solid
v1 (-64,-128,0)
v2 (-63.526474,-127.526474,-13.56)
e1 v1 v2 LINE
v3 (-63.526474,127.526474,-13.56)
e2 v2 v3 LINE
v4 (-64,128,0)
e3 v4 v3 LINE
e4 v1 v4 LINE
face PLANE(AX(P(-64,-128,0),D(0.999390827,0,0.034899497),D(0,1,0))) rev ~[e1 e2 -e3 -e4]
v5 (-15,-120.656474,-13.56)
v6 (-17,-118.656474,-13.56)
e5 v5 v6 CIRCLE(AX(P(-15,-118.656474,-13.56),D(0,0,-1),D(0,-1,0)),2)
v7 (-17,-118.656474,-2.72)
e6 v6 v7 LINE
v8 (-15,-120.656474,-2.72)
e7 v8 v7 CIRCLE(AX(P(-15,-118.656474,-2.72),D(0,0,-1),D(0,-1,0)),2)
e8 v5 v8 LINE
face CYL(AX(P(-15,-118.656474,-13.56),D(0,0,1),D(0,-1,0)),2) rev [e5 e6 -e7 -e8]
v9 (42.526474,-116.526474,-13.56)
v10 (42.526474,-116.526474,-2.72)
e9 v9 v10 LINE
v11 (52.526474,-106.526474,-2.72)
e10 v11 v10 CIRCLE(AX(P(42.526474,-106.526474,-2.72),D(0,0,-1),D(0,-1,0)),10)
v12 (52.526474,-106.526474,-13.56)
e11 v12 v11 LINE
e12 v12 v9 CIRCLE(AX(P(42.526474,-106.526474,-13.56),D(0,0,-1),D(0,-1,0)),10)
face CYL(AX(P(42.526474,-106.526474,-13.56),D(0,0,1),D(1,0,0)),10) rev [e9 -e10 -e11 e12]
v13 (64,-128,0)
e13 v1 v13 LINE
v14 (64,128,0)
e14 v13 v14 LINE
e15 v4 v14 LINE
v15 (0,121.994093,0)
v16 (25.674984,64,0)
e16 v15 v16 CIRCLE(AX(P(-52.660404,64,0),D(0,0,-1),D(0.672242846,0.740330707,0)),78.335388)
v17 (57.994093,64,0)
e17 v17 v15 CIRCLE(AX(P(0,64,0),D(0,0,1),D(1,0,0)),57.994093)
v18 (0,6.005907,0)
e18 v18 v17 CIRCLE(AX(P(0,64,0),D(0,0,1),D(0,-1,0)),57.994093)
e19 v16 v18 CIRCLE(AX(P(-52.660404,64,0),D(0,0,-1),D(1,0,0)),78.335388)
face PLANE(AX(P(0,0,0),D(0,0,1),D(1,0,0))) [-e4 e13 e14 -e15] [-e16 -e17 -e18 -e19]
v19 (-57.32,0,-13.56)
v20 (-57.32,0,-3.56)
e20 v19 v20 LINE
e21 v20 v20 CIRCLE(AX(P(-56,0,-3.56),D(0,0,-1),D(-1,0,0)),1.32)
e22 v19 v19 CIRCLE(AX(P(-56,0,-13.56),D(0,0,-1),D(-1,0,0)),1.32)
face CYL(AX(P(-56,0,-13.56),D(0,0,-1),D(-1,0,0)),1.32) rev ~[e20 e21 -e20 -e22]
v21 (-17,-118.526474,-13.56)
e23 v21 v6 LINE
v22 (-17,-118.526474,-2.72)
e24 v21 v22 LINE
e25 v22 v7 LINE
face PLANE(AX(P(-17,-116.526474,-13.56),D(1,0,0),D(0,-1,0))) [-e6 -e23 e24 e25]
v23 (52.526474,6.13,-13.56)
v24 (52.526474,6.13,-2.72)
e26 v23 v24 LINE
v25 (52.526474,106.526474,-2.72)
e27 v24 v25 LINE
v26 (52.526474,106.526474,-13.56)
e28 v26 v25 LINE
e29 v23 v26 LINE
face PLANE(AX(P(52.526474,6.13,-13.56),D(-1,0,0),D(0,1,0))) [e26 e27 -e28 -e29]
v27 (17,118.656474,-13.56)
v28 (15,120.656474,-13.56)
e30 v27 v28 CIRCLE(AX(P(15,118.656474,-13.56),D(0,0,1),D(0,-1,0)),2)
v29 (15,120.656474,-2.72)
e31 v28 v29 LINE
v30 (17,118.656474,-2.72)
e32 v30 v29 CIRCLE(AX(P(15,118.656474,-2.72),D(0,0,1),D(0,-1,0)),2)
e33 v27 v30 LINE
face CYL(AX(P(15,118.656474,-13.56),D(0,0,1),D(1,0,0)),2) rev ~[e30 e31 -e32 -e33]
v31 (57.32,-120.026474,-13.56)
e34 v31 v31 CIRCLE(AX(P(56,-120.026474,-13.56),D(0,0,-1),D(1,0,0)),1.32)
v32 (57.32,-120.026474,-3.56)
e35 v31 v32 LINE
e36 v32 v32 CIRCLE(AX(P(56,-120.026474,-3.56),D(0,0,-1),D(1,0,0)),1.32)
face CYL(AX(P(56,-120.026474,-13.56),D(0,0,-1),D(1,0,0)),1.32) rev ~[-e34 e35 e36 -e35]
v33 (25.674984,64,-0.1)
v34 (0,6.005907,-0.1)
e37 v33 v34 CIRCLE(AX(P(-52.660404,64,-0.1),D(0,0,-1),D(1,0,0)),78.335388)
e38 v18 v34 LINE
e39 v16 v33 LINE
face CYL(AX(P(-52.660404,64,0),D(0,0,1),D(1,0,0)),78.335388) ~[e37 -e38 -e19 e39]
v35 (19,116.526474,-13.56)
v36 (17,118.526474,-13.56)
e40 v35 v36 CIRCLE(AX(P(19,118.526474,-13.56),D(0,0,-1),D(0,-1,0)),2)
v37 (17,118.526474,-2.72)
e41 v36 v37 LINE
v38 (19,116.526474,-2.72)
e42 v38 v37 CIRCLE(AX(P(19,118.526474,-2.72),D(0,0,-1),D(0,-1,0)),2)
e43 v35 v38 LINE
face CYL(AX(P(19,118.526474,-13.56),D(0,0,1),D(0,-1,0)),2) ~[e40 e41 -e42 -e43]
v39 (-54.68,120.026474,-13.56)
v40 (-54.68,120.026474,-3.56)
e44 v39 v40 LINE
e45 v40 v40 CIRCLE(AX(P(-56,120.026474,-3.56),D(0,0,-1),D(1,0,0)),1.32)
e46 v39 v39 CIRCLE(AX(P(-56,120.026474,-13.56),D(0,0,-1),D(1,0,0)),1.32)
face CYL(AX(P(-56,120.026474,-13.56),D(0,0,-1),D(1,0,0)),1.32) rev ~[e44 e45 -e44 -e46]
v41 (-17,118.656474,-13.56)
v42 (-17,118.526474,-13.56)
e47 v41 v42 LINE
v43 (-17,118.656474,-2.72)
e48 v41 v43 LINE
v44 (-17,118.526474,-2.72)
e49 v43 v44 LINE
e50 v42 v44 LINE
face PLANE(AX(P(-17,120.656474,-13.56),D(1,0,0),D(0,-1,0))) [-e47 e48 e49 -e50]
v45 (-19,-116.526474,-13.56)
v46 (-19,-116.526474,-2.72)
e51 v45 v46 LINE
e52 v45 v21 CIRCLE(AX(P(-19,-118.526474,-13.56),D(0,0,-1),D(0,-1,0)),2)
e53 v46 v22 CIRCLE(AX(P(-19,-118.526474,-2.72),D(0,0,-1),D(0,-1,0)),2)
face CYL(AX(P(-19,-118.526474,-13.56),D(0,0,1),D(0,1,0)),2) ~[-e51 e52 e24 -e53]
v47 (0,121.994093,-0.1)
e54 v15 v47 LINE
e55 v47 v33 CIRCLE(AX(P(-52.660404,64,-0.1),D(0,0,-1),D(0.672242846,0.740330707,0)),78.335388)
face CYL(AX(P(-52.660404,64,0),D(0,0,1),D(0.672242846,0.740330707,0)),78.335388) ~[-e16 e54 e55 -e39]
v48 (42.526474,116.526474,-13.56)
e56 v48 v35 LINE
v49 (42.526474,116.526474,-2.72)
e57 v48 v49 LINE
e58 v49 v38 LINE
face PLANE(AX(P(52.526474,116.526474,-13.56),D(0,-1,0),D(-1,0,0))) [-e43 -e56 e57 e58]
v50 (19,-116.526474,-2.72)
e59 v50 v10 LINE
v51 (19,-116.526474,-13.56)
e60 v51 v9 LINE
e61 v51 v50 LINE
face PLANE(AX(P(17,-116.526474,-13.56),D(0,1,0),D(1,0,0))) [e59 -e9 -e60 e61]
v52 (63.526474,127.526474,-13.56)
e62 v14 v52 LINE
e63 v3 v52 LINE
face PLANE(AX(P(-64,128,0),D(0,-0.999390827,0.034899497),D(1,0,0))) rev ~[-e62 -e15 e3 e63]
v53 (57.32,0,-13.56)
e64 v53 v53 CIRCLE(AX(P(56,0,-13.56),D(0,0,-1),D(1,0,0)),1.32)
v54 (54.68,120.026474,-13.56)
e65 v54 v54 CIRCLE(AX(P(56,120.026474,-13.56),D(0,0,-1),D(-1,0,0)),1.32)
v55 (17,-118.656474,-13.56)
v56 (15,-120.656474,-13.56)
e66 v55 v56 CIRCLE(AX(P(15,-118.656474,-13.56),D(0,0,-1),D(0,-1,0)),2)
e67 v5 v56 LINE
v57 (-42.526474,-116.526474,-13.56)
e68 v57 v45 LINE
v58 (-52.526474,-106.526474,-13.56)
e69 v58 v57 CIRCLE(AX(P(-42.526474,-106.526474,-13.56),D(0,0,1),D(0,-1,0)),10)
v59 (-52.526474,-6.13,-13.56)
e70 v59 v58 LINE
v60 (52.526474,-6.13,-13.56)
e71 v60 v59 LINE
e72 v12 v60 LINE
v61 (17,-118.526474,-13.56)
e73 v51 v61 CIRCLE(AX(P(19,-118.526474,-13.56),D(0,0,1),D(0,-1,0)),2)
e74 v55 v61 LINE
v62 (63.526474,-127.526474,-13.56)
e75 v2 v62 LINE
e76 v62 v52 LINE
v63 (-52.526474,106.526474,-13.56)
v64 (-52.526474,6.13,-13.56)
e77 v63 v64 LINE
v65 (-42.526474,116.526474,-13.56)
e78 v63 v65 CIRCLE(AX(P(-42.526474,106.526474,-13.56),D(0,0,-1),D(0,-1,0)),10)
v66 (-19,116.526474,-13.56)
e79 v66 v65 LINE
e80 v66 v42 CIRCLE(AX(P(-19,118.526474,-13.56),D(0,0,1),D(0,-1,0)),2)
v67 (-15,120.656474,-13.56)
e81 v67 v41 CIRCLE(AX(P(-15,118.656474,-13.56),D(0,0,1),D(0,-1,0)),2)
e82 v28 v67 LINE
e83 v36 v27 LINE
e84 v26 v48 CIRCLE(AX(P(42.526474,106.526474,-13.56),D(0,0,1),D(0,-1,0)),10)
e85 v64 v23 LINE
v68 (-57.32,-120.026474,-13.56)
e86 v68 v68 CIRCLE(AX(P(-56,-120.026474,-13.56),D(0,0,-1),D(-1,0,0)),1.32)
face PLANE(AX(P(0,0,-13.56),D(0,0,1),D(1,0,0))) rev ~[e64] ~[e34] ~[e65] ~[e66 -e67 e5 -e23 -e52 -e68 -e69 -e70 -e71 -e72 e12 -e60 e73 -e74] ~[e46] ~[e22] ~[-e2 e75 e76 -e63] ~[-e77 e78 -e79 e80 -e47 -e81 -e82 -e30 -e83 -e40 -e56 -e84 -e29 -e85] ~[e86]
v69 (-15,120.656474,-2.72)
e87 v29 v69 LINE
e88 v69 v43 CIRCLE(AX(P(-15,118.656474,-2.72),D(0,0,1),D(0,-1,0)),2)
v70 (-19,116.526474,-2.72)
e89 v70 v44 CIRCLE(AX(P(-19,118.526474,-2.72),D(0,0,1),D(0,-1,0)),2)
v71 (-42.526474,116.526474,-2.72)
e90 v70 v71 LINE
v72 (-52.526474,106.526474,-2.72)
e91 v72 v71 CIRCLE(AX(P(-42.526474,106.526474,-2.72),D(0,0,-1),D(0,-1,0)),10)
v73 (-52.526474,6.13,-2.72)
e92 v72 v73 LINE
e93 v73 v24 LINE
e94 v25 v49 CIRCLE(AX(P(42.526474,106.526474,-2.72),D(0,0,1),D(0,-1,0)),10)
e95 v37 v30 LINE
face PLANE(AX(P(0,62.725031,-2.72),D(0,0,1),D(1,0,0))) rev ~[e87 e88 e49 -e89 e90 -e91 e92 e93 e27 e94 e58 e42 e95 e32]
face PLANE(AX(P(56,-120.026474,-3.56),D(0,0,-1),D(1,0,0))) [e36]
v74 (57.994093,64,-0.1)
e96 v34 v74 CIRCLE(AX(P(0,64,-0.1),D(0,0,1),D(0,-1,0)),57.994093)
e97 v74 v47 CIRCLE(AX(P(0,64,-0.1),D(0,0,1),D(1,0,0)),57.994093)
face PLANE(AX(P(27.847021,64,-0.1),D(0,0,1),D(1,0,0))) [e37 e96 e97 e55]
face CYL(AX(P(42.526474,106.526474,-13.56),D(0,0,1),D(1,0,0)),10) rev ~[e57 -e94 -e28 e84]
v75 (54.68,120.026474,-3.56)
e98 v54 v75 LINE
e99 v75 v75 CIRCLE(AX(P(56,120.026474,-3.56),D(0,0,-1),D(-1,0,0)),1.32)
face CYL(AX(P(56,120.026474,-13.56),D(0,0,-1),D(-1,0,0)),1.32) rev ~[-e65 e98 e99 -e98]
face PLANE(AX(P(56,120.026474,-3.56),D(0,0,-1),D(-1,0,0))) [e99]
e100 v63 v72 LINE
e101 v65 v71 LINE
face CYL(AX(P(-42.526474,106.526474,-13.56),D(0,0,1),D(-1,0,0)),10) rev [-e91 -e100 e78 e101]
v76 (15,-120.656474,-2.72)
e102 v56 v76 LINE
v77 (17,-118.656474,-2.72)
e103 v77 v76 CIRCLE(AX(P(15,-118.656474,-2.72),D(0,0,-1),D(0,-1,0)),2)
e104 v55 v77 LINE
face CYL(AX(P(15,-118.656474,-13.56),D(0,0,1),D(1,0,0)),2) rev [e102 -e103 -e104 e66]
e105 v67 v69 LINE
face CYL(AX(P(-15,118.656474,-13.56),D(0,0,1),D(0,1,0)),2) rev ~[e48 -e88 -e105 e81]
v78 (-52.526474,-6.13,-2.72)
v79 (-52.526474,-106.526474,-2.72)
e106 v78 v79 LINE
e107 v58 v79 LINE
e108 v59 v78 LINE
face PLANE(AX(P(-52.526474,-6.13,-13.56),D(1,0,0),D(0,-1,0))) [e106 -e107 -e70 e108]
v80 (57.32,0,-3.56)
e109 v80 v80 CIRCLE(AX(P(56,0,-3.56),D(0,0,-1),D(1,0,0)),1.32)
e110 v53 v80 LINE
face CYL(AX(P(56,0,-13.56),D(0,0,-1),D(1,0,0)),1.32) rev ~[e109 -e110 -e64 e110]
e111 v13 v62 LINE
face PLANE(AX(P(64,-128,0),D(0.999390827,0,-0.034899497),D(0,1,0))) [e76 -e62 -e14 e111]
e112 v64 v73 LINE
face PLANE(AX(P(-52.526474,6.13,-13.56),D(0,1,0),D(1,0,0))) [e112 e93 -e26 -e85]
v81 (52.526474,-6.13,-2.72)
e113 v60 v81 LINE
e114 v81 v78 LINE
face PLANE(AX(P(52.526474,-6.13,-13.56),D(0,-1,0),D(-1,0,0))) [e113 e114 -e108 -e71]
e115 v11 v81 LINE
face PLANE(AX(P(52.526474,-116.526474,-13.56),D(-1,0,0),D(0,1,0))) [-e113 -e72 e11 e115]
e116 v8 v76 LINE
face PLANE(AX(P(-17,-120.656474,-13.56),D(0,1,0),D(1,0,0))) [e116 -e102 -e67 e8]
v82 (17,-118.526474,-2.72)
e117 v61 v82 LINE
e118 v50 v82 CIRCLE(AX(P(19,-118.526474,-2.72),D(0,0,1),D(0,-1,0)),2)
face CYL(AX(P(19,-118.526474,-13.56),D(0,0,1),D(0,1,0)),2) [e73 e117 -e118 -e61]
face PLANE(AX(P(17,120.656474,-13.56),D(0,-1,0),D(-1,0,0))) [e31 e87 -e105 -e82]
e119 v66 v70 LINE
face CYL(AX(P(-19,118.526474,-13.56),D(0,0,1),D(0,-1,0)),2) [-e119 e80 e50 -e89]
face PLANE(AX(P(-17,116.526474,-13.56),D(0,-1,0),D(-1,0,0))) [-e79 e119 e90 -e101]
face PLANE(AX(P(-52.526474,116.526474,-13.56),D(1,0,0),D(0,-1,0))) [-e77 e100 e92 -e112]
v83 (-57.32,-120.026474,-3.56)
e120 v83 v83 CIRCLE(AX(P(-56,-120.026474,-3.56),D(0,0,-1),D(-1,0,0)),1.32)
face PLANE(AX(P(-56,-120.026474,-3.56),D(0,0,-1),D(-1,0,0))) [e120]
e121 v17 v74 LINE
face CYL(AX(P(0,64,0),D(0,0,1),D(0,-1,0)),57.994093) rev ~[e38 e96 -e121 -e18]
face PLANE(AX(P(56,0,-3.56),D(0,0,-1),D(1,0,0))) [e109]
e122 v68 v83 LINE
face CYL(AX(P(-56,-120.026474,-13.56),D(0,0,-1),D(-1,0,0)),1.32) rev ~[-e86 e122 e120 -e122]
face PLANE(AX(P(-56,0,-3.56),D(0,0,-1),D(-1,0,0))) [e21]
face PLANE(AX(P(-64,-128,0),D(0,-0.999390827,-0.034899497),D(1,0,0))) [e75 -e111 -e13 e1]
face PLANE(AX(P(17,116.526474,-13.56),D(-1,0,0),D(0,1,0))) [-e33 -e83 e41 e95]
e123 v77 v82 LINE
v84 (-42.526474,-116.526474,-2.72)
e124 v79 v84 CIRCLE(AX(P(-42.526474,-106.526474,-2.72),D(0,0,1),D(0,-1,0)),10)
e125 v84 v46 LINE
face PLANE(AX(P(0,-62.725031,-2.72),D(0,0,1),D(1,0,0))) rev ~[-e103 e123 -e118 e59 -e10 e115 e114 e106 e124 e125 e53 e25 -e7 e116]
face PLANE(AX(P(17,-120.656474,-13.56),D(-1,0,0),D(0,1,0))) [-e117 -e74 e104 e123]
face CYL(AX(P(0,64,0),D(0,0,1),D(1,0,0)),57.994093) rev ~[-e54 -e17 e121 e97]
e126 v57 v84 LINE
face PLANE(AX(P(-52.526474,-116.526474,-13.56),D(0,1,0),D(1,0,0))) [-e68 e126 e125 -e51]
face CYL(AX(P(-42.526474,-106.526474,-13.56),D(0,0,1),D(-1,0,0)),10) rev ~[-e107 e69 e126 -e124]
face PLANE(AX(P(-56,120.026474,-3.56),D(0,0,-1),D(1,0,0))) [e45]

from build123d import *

# Parameters (mm, degrees)
SKETCH1_W           = 128
SKETCH1_H           = 256
BOSS_EXTRUDE1_DEPTH = 13.56
BOSS_EXTRUDE1_DRAFT = -2
CUT_EXTRUDE1_DEPTH  = 10.84
SKETCH3_R           = 1.32
CUT_EXTRUDE2_DEPTH  = 10
FILLET1_R           = 10
FILLET2_R           = 2
CUT_EXTRUDE3_DEPTH  = 0.1


with BuildPart() as part:
    # Sketch1 → Boss-Extrude1 (with draft: the straight prism first)
    with BuildSketch(Plane.XY):
        Rectangle(SKETCH1_W, SKETCH1_H)
    extrude(amount=-BOSS_EXTRUDE1_DEPTH)
    # Boss-Extrude1: the draft: its side faces are tilted about the plane it starts from
    boss_extrude1_sides = [part.faces().sort_by_distance(p)[0] for p in [
        (0, -128, -6.78),
        (64, 0, -6.78),
        (0, 128, -6.78),
        (-64, 0, -6.78),
    ]]
    draft(boss_extrude1_sides, Plane.XY, BOSS_EXTRUDE1_DRAFT)

    # Sketch2 → Cut-Extrude1 (cut)
    with BuildSketch(Plane(origin=(0, 0, -13.56), x_dir=(-1, 0, 0), z_dir=(0, 0, -1))):
        Polygon((-52.526474366, -6.13), (52.526474366, -6.13), (52.526474366, -116.526474366), (17, -116.526474366), (17, -120.656474366), (-17, -120.656474366), (-17, -116.526474366), (-52.526474366, -116.526474366), align=None)
        Polygon((-52.526474366, 6.13), (-52.526474366, 116.526474366), (-17, 116.526474366), (-17, 120.656474366), (17, 120.656474366), (17, 116.526474366), (52.526474366, 116.526474366), (52.526474366, 6.13), align=None)
    extrude(amount=-CUT_EXTRUDE1_DEPTH, mode=Mode.SUBTRACT)

    # Sketch3 → Cut-Extrude2 (cut)
    with BuildSketch(Plane(origin=(0, 0, -13.56), x_dir=(-1, 0, 0), z_dir=(0, 0, -1))):
        with Locations((56, -120.026474366)):
            Circle(SKETCH3_R)
        with Locations((56, 0)):
            Circle(SKETCH3_R)
        with Locations(Location((56, 120.026474366, 0), (0, 0, 180))):
            Circle(SKETCH3_R)
        with Locations(Location((-56, -120.026474366, 0), (0, 0, 180))):
            Circle(SKETCH3_R)
        with Locations(Location((-56, 0, 0), (0, 0, 180))):
            Circle(SKETCH3_R)
        with Locations((-56, 120.026474366)):
            Circle(SKETCH3_R)
    extrude(amount=-CUT_EXTRUDE2_DEPTH, mode=Mode.SUBTRACT)

    # Fillet1
    fillet1_edges = [part.edges().sort_by_distance(p)[0] for p in [
        (52.526474366, 116.526474366, -8.14),
        (-52.526474366, 116.526474366, -8.14),
        (-52.526474366, -116.526474366, -8.14),
        (52.526474366, -116.526474366, -8.14),
    ]]
    fillet(fillet1_edges, radius=FILLET1_R)

    # Fillet2
    fillet2_edges = [part.edges().sort_by_distance(p)[0] for p in [
        (17, 116.526474366, -8.14),
        (17, 120.656474366, -8.14),
        (-17, 120.656474366, -8.14),
        (-17, 116.526474366, -8.14),
        (-17, -116.526474366, -8.14),
        (-17, -120.656474366, -8.14),
        (17, -120.656474366, -8.14),
        (17, -116.526474366, -8.14),
    ]]
    fillet(fillet2_edges, radius=FILLET2_R)

    # Sketch5 → Cut-Extrude3 (cut)
    with BuildSketch(Plane.XY):
        with BuildLine():
            ThreePointArc((0, 6.005906984), (41.00801644, 22.99198356), (57.994093016, 64))
            ThreePointArc((57.994093016, 64), (41.00801644, 105.00801644), (0, 121.994093016))
            ThreePointArc((0, 121.994093016), (18.969220237, 95.711668256), (25.674983731, 64))
            ThreePointArc((25.674983731, 64), (18.969220237, 32.288331744), (0, 6.005906984))
        make_face()
    extrude(amount=-CUT_EXTRUDE3_DEPTH, mode=Mode.SUBTRACT)


solid = part.part
